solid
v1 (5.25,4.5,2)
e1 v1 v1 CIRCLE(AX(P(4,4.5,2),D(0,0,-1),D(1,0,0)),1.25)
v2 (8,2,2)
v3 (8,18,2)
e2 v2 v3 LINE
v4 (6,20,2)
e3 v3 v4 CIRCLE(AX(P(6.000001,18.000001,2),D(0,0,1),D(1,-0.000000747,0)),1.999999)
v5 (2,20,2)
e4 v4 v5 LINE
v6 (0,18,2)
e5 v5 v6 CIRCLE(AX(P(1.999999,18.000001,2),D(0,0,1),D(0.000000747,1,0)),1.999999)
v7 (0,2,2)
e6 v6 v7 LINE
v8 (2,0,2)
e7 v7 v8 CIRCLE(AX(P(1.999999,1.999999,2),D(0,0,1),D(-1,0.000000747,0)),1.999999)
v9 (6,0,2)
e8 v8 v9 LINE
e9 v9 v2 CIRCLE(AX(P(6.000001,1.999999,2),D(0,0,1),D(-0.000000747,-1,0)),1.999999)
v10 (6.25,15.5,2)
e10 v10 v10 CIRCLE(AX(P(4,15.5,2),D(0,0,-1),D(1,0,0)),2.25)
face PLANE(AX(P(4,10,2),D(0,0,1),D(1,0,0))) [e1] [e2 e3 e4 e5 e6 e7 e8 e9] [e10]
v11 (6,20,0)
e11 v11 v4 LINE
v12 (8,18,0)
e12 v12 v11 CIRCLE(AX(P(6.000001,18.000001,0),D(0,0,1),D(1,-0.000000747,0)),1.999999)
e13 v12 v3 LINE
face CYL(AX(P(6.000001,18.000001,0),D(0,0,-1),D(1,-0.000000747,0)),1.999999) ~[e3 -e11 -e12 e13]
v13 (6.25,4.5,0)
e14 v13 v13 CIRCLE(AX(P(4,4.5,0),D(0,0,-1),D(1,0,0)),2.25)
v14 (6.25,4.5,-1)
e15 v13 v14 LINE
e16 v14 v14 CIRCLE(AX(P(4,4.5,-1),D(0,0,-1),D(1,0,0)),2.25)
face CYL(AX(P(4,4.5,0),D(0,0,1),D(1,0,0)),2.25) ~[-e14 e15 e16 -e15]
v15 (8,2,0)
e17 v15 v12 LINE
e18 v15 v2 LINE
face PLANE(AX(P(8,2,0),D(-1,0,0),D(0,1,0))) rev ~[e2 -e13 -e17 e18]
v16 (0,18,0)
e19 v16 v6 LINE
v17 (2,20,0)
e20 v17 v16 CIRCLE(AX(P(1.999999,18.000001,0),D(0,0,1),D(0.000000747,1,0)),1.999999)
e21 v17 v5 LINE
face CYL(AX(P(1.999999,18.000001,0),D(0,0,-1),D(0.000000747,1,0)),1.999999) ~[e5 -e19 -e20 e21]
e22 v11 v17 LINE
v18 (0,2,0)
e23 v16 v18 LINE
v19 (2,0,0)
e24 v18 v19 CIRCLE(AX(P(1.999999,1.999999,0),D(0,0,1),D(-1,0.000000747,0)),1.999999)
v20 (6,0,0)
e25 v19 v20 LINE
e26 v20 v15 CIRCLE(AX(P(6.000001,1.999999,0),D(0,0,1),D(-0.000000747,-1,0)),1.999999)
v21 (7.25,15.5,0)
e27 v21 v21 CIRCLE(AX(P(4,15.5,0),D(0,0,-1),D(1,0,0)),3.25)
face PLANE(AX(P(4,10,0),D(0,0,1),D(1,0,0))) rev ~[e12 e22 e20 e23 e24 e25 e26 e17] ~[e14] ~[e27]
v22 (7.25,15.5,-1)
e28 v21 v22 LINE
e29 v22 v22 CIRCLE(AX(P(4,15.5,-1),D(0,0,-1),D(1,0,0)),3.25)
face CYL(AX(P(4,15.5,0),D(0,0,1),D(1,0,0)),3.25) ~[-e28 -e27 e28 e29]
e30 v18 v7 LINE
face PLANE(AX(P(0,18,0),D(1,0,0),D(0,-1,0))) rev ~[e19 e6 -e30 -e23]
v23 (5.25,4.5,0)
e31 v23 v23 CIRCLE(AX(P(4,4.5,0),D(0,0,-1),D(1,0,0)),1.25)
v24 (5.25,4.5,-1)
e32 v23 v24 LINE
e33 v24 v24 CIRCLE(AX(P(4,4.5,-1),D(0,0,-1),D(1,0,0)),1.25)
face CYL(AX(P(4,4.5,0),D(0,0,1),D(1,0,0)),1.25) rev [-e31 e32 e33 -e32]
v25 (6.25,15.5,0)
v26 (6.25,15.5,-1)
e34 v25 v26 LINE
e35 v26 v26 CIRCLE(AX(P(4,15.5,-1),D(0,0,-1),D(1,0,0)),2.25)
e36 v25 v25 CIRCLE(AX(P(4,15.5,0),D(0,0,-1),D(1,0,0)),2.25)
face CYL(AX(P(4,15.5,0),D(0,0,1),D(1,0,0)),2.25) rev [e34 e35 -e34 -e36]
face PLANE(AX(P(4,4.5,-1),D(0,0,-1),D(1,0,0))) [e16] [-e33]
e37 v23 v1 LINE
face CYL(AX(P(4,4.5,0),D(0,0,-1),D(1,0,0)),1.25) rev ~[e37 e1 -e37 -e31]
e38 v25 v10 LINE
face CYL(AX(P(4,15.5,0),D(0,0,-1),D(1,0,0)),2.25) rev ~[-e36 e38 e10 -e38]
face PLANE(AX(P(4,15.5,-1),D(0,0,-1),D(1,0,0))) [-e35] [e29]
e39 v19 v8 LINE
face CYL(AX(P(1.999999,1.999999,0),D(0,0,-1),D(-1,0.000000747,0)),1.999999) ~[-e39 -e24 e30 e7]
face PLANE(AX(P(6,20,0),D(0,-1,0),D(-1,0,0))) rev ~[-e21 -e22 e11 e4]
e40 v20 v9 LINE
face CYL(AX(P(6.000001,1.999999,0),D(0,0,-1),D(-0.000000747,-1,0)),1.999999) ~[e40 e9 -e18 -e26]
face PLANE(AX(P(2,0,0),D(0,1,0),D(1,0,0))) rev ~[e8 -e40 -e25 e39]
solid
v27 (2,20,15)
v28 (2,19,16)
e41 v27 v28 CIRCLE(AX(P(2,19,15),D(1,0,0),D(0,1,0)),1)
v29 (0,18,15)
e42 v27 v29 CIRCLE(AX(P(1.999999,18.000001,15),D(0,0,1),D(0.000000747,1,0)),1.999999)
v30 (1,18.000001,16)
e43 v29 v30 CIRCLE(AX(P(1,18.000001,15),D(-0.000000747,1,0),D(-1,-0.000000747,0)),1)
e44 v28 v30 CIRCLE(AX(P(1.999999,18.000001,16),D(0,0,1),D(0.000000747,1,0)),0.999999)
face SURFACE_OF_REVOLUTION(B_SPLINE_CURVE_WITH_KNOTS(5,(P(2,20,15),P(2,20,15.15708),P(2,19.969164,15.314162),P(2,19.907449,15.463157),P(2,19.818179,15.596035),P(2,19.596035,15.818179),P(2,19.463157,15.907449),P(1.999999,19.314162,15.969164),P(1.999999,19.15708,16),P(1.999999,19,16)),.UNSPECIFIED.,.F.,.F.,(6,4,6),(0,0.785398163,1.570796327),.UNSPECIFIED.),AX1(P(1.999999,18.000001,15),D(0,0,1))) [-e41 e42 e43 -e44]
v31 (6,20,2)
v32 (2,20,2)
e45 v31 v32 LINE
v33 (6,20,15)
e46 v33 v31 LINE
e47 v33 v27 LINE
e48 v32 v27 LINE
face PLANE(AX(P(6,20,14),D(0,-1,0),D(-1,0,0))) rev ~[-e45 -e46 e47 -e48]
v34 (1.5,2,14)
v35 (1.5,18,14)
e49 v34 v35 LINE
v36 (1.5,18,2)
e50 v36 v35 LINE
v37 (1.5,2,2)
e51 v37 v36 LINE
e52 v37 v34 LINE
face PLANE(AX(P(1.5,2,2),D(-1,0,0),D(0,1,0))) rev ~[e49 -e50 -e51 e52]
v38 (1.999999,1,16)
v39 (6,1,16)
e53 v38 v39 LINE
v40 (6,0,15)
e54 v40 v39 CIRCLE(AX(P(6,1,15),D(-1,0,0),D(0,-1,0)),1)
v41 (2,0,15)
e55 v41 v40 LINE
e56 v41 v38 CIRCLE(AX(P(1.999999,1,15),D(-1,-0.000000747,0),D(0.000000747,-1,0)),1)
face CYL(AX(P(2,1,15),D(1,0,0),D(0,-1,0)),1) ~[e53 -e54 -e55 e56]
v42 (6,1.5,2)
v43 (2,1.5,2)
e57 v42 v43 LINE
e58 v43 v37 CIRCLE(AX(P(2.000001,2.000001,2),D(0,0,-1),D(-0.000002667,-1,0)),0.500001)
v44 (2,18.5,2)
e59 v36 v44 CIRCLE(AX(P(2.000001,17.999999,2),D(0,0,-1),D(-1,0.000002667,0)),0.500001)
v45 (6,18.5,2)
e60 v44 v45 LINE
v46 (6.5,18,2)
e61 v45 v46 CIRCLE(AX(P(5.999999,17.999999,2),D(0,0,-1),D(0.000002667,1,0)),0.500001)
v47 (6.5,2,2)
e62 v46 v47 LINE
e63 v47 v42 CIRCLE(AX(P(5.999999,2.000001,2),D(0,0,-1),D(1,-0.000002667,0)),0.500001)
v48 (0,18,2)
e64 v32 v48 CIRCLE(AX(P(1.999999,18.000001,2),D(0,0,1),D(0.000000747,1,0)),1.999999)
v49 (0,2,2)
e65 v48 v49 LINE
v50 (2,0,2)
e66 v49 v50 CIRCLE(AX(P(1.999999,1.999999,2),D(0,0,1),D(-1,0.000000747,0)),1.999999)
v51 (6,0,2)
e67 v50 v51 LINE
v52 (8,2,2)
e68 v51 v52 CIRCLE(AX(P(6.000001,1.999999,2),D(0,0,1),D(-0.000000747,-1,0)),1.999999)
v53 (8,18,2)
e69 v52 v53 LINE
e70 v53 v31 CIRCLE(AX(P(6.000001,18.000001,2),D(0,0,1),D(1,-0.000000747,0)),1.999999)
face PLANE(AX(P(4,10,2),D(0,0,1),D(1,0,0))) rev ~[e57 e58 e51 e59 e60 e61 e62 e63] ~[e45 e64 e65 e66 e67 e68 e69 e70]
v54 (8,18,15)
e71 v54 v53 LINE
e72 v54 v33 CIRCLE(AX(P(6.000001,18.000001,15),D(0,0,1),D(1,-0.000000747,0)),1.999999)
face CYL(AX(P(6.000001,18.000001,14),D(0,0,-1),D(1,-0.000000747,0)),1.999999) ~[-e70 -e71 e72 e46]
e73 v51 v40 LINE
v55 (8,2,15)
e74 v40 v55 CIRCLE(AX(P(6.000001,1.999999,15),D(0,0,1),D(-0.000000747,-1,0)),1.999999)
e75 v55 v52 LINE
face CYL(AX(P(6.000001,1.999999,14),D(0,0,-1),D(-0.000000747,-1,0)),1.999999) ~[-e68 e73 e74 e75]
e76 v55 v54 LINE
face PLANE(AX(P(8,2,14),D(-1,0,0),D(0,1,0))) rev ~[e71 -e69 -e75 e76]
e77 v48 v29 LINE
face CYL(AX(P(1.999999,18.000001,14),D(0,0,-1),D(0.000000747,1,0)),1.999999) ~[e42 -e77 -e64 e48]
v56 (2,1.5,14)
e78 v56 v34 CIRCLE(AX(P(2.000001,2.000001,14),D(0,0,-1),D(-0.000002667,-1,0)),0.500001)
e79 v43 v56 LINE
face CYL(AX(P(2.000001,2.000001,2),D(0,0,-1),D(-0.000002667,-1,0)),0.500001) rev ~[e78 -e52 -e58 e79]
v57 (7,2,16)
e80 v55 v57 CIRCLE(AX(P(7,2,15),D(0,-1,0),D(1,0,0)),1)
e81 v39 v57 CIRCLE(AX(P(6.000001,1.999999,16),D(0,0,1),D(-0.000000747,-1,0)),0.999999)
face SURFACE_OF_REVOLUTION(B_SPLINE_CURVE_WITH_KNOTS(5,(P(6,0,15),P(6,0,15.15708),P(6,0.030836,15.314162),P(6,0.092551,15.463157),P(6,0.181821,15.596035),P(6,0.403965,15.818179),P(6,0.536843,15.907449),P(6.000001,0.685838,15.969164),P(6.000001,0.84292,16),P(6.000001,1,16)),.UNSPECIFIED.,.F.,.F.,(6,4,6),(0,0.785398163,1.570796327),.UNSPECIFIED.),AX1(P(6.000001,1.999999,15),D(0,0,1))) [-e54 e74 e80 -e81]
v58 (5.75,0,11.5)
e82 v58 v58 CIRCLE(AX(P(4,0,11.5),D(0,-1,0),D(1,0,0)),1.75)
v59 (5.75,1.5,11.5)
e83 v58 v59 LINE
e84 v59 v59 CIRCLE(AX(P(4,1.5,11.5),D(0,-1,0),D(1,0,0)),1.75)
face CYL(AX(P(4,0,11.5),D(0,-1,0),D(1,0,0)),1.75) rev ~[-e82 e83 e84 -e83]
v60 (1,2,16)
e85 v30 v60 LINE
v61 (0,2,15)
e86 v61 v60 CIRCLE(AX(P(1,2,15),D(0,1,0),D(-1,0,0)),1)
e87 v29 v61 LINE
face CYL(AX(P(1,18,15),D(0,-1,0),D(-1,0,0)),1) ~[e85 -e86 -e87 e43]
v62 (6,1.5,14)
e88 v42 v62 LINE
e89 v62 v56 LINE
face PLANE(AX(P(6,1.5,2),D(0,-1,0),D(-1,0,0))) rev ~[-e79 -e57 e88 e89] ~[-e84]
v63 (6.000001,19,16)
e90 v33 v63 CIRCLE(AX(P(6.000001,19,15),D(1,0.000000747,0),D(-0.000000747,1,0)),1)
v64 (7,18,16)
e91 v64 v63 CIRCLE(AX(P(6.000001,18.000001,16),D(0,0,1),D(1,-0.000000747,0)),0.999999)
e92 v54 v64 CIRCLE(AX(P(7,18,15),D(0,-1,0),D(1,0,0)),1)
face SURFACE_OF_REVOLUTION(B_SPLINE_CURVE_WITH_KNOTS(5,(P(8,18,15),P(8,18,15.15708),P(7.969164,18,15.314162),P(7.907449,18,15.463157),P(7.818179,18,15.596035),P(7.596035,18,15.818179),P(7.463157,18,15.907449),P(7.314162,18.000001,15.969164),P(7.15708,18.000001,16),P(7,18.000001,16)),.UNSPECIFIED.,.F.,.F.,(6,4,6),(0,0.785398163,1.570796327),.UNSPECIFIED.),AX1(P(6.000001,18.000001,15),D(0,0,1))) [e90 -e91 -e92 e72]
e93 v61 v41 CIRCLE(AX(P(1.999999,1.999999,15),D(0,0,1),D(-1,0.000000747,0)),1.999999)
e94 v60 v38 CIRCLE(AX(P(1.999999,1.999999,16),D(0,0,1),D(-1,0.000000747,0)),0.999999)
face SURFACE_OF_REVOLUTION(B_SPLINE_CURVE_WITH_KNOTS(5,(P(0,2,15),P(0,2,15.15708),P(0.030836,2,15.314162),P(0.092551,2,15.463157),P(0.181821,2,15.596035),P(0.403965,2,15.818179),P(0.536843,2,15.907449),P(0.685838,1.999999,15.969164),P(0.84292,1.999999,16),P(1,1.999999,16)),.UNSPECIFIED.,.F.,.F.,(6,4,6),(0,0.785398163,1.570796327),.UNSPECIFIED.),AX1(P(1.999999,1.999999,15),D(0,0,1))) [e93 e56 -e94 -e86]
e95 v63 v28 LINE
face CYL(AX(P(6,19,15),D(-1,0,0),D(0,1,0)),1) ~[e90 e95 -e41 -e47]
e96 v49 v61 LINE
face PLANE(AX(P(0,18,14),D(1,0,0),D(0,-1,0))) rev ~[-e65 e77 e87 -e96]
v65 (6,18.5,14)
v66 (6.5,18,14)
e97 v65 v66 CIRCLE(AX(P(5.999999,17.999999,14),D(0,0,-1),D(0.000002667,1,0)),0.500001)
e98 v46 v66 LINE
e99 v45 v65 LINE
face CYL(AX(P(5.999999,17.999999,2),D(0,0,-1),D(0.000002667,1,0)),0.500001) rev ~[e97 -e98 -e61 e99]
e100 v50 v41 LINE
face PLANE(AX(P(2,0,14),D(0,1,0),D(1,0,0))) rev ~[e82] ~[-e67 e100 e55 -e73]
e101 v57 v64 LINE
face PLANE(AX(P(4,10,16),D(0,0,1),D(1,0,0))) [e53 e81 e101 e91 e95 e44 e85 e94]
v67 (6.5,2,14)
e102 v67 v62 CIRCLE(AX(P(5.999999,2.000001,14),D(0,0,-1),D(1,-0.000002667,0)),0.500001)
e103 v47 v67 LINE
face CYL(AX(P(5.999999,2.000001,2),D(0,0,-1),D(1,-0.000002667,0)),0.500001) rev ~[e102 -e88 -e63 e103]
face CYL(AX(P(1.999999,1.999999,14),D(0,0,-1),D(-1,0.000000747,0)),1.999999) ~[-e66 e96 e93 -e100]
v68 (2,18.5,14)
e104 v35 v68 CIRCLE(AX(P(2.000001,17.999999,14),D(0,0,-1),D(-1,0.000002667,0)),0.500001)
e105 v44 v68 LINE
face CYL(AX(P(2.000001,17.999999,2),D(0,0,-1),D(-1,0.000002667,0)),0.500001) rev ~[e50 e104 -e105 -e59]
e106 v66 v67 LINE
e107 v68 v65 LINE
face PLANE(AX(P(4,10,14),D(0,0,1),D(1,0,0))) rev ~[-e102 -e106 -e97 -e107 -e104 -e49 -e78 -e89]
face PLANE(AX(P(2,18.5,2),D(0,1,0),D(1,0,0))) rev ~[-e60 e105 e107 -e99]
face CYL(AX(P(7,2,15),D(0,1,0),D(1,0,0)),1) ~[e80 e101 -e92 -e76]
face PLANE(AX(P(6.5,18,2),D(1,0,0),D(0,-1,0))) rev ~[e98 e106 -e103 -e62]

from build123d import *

# Parameters (mm, degrees)
F1_DEPTH  = 2
F2_R      = 2.25
F2_R_2    = 1.25
F3_DEPTH  = 2.001
F4_R      = 2.25
F4_R_2    = 1.25
F4_R_3    = 3.25
F5_DEPTH  = 1
F7_DEPTH  = 12
F8_R      = 1.75
F9_DEPTH  = 4
F11_DEPTH = 2
F12_R     = 1


with BuildPart() as f1:
    # F0 (on Top) → F1 (new body)
    with BuildSketch(Plane.XY):
        with BuildLine():
            ThreePointArc((0, 2), (0.585786, 0.585786), (2, 0))
            Line((2, 0), (6, 0))
            ThreePointArc((6, 0), (7.414214, 0.585786), (8, 2))
            Line((8, 2), (8, 18))
            ThreePointArc((8, 18), (7.414214, 19.414214), (6, 20))
            Line((6, 20), (2, 20))
            ThreePointArc((2, 20), (0.585786, 19.414214), (0, 18))
            Line((0, 18), (0, 2))
        make_face()
    extrude(amount=F1_DEPTH)

    # F2 (on face) → F3 (cut, through all)
    with BuildSketch(Plane(origin=(0, 0, 0), x_dir=(1, 0, 0), z_dir=(0, 0, -1))):
        with Locations((4, -15.5)):
            Circle(F2_R)
        with Locations((4, -4.5)):
            Circle(F2_R_2)
    extrude(amount=-F3_DEPTH, mode=Mode.SUBTRACT)

    # F4 (on face) → F5 (join)
    with BuildSketch(Plane(origin=(0, 0, 0), x_dir=(1, 0, 0), z_dir=(0, 0, -1))):
        with Locations((4, -4.5)):
            Circle(F4_R)
        with Locations((4, -4.5)):
            Circle(F4_R_2, mode=Mode.SUBTRACT)
        with Locations((4, -15.5)):
            Circle(F4_R_3)
        with Locations((4, -15.5)):
            Circle(F4_R, mode=Mode.SUBTRACT)
    extrude(amount=F5_DEPTH)


with BuildPart() as f7:
    # F6 (on face) → F7 (new body)
    with BuildSketch(Plane.XY.offset(2)):
        with BuildLine():
            ThreePointArc((0, 2), (0.585786, 0.585786), (2, 0))
            Line((2, 0), (6, 0))
            ThreePointArc((6, 0), (7.414214, 0.585786), (8, 2))
            Line((8, 2), (8, 18))
            ThreePointArc((8, 18), (7.414214, 19.414214), (6, 20))
            Line((6, 20), (2, 20))
            ThreePointArc((2, 20), (0.585786, 19.414214), (0, 18))
            Line((0, 18), (0, 2))
        make_face()
        with BuildLine():
            ThreePointArc((2, 1.5), (1.646447, 1.646447), (1.5, 2))
            Line((1.5, 2), (1.5, 18))
            ThreePointArc((1.5, 18), (1.646447, 18.353553), (2, 18.5))
            Line((2, 18.5), (6, 18.5))
            ThreePointArc((6, 18.5), (6.353553, 18.353553), (6.5, 18))
            Line((6.5, 18), (6.5, 2))
            ThreePointArc((6.5, 2), (6.353553, 1.646447), (6, 1.5))
            Line((6, 1.5), (2, 1.5))
        make_face(mode=Mode.SUBTRACT)
    extrude(amount=F7_DEPTH)

    # F8 (on face) → F9 (cut)
    with BuildSketch(Plane.XZ):
        with Locations((4, 11.5)):
            Circle(F8_R)
    extrude(amount=-F9_DEPTH, mode=Mode.SUBTRACT)

    # F10 (on face) → F11 (join)
    with BuildSketch(Plane.XY.offset(14)):
        with BuildLine():
            Line((6, 20), (2, 20))
            ThreePointArc((2, 20), (0.585786, 19.414214), (0, 18))
            Line((0, 18), (0, 2))
            ThreePointArc((0, 2), (0.585786, 0.585786), (2, 0))
            Line((2, 0), (6, 0))
            ThreePointArc((6, 0), (7.414214, 0.585786), (8, 2))
            Line((8, 2), (8, 18))
            ThreePointArc((8, 18), (7.414214, 19.414214), (6, 20))
        make_face()
    extrude(amount=F11_DEPTH)

    # F12
    f12_edges = [f7.edges().sort_by_distance(p)[0] for p in [
        (8, 10, 16),
    ]]
    fillet(f12_edges, radius=F12_R)


solid = Compound([f1.part, f7.part])
